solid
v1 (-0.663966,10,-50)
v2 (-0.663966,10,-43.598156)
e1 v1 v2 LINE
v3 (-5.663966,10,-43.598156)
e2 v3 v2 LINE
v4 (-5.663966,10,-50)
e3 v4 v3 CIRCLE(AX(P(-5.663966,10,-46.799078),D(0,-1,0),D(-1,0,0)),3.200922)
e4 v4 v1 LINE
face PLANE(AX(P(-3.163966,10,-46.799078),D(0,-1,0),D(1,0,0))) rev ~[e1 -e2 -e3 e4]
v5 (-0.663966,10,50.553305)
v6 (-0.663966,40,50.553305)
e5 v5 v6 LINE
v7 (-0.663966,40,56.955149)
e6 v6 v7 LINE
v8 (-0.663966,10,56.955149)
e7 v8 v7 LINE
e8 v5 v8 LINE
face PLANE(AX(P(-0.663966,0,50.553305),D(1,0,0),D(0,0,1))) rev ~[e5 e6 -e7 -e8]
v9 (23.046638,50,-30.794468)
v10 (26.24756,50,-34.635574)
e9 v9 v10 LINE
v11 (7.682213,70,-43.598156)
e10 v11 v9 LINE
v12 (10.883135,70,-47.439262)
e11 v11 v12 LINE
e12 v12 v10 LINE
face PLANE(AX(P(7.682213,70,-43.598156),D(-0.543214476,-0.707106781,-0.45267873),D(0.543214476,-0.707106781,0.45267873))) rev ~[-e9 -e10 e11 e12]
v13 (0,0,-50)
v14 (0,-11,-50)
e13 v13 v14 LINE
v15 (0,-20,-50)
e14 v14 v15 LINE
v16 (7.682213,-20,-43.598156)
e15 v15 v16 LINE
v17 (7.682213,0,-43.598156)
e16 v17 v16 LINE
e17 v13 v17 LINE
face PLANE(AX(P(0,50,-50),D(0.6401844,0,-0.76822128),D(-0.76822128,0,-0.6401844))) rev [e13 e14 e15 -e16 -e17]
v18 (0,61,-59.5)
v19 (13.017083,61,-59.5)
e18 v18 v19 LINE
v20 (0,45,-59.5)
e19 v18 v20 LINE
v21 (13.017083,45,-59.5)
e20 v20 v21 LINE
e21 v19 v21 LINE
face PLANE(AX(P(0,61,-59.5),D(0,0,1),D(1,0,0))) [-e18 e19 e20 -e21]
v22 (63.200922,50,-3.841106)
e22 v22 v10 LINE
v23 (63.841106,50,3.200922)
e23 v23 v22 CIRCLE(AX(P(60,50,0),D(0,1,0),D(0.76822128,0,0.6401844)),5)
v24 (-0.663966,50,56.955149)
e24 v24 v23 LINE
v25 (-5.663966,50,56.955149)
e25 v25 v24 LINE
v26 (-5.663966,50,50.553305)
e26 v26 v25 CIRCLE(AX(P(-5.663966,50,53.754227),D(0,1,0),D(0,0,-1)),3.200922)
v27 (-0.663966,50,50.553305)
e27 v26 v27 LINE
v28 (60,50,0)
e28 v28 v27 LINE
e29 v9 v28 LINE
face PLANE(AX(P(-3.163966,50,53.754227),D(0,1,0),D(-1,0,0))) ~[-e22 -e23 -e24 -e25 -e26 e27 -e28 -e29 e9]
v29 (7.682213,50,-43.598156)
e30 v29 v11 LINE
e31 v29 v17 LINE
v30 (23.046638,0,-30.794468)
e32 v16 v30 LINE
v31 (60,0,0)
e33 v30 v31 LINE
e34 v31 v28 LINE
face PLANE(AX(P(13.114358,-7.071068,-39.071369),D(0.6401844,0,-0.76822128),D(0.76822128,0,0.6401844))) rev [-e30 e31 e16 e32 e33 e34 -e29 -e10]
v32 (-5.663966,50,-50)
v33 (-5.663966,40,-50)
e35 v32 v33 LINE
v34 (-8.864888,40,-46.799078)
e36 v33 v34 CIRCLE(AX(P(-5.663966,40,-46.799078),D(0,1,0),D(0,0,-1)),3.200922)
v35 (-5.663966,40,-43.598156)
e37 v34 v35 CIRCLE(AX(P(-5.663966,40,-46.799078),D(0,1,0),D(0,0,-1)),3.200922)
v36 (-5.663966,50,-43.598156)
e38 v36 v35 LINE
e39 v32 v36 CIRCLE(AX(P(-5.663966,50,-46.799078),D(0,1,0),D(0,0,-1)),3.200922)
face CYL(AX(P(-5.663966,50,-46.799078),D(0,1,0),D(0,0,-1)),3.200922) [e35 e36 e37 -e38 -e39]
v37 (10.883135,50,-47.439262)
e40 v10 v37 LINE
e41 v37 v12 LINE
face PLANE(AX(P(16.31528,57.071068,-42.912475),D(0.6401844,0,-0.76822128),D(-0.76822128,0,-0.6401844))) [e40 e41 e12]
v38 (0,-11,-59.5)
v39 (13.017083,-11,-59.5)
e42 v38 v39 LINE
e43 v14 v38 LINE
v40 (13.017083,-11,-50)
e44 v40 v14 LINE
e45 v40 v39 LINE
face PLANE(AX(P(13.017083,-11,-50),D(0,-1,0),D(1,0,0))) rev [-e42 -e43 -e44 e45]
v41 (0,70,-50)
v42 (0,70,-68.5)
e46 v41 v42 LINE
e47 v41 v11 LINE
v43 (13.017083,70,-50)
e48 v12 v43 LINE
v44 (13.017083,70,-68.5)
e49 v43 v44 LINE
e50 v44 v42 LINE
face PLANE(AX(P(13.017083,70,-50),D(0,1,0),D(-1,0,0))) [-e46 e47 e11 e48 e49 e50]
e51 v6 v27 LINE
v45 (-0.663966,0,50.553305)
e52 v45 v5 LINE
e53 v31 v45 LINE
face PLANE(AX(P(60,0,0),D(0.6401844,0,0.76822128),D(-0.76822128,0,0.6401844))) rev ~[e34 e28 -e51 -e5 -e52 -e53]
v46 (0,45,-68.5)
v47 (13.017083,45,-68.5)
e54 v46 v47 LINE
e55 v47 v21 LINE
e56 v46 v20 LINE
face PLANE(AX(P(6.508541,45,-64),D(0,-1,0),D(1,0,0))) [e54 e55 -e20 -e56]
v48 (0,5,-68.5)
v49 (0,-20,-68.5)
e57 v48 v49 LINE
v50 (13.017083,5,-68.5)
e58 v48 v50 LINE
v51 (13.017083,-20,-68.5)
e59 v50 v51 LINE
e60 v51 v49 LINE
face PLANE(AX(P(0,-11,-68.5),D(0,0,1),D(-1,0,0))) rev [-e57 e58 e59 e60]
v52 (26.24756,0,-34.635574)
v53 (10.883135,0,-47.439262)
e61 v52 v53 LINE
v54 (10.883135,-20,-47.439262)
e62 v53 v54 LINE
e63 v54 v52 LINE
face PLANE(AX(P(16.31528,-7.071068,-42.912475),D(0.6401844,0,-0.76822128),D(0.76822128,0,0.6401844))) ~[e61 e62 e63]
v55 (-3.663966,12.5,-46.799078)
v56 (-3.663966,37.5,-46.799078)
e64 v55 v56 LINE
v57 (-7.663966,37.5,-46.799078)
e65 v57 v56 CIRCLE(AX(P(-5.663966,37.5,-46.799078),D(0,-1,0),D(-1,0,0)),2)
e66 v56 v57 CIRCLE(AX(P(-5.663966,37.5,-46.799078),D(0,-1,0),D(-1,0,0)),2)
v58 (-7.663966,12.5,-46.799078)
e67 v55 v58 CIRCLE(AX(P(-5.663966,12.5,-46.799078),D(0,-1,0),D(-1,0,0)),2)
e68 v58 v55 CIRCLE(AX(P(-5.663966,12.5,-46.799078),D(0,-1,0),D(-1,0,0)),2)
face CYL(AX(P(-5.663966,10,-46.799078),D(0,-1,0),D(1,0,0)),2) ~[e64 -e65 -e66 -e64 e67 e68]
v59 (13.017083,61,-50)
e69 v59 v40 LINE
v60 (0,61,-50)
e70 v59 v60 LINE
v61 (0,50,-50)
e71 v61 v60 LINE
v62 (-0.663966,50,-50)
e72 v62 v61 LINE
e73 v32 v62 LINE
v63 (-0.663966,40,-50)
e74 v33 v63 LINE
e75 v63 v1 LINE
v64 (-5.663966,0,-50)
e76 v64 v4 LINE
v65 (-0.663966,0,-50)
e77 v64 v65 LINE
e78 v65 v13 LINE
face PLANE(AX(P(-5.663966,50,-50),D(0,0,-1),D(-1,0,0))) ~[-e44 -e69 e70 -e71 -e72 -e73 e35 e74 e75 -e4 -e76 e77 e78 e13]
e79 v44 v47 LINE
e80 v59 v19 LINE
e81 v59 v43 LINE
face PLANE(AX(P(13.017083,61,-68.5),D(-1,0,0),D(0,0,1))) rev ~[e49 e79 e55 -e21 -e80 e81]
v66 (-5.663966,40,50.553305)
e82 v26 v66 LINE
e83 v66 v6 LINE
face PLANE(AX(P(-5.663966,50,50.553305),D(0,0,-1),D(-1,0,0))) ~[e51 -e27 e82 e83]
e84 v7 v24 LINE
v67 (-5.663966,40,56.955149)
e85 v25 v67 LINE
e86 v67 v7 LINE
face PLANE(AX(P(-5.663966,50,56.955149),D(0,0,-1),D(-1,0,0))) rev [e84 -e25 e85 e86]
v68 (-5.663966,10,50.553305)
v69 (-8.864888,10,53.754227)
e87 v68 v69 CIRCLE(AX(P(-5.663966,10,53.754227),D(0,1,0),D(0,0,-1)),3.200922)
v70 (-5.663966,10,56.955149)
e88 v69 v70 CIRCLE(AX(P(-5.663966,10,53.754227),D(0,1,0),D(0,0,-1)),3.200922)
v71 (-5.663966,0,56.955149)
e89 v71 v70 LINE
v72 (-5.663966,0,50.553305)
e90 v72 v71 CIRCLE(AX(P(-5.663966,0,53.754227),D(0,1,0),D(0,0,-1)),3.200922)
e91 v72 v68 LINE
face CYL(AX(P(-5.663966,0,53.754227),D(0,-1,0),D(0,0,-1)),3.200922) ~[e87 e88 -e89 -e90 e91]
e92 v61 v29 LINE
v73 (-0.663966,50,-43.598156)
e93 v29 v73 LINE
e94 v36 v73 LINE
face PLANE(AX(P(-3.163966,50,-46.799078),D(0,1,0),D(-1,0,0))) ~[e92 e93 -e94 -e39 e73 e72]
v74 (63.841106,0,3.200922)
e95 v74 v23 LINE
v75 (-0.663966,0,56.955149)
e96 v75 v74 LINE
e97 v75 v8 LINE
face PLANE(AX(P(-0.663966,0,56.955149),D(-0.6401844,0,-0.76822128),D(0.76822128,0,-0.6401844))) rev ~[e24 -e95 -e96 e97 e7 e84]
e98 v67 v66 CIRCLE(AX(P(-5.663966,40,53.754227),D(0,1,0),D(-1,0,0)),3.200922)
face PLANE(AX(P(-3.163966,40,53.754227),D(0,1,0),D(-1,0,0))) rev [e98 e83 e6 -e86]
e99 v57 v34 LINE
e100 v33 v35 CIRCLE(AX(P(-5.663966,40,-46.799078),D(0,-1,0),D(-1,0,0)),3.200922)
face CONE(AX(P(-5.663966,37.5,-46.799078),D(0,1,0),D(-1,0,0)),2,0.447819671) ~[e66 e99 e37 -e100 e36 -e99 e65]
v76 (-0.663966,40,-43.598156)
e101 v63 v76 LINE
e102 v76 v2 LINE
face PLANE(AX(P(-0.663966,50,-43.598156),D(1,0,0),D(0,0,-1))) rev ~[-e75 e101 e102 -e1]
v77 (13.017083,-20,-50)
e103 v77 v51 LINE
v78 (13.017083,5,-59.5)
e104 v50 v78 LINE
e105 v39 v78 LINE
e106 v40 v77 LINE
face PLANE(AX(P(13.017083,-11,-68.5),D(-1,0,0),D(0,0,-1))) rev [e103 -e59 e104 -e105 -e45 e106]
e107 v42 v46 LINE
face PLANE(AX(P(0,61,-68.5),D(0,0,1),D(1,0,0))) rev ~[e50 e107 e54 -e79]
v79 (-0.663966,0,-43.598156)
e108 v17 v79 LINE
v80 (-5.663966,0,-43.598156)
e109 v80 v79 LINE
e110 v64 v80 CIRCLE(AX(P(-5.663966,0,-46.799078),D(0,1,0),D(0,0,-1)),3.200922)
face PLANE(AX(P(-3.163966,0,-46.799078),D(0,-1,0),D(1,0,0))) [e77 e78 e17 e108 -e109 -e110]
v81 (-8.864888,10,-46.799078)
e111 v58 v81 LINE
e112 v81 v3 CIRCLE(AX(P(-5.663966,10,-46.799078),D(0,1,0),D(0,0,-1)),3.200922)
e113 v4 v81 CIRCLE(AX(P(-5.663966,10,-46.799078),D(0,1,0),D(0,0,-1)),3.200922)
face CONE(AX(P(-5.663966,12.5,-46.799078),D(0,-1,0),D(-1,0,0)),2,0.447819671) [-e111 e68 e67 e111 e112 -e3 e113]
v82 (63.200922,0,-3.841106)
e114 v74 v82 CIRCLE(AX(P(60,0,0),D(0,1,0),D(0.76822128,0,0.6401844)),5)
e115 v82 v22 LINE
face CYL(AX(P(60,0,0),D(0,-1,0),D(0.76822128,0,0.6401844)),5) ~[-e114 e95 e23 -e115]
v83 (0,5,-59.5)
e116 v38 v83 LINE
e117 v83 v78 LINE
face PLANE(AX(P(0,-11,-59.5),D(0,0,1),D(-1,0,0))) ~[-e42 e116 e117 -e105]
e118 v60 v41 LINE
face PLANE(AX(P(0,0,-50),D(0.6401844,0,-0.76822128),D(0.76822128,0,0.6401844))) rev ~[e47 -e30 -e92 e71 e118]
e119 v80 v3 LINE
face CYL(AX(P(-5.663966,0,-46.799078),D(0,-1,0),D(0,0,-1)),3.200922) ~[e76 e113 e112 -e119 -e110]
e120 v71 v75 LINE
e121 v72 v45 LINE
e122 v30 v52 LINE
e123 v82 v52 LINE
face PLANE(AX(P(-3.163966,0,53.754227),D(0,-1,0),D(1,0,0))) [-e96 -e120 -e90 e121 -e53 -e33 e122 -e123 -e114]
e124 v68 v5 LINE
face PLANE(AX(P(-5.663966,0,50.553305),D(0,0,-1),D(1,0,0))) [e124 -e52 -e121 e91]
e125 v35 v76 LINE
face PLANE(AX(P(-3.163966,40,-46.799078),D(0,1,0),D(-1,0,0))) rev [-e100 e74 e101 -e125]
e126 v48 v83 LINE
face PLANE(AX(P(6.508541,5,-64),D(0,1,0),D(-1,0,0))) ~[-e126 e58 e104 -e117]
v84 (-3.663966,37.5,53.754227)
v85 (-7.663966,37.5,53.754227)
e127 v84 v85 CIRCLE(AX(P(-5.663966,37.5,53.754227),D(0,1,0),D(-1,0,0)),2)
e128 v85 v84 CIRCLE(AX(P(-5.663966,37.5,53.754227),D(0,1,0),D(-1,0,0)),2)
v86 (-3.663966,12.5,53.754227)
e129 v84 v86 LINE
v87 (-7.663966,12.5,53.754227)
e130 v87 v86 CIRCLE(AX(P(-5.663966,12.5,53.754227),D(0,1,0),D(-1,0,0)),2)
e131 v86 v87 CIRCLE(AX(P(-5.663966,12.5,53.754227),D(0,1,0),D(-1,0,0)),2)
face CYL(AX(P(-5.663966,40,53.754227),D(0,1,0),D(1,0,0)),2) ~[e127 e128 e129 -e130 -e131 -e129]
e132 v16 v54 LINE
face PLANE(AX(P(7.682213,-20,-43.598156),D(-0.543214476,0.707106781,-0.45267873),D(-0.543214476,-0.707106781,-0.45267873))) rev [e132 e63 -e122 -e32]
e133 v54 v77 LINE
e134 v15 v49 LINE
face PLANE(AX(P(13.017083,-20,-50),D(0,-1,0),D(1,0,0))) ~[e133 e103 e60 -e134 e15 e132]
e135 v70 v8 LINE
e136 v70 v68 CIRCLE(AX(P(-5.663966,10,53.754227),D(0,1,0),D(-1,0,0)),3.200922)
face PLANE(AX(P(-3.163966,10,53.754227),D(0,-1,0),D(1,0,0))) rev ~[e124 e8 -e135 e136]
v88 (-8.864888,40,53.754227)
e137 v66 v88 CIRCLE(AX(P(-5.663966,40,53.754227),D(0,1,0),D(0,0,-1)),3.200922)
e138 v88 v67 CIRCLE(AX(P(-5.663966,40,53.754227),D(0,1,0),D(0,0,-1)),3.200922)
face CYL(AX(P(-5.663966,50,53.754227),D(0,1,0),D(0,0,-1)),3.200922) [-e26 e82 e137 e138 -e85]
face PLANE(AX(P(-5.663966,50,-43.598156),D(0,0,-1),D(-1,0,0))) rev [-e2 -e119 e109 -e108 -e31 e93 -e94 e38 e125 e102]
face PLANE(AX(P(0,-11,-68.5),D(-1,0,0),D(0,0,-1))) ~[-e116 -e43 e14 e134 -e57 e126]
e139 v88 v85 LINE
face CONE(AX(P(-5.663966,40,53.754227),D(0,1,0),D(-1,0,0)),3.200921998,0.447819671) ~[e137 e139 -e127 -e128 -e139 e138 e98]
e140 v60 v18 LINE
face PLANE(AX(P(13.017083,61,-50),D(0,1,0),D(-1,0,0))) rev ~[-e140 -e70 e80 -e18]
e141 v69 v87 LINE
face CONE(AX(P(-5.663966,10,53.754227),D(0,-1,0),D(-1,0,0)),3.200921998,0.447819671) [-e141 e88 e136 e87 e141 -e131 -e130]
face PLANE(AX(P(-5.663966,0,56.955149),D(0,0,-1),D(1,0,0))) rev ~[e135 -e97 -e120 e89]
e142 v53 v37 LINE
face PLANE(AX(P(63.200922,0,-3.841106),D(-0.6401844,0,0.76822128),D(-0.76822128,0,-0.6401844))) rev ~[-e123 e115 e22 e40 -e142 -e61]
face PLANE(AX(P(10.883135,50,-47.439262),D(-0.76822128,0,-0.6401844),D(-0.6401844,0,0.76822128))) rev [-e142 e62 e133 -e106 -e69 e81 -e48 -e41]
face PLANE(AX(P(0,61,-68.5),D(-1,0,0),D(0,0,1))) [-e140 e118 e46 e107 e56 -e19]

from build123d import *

# Parameters (mm, degrees)
EXTRUDE_1_DEPTH  = 50
EXTRUDE_START    = -50
EXTRUDE_3_DEPTH  = 70
SKETCH_5_W       = 13.017082793
SKETCH_5_H       = 9
EXTRUDE_4_DEPTH  = 18.5
SKETCH_6_W       = 13.017082793
SKETCH_6_H       = 9
EXTRUDE_5_DEPTH  = 16
EXTRUDE_6_DEPTH  = 50
SKETCH_9_W       = 5
SKETCH_9_H       = 6.401843996
EXTRUDE_7_DEPTH  = 10
SKETCH_10_W      = 5
SKETCH_10_H      = 6.401843997
EXTRUDE_8_DEPTH  = 10
SKETCH_11_R      = 2
EXTRUDE_9_DEPTH  = 30
SKETCH_15_R      = 2
EXTRUDE_10_DEPTH = 30
EXTRUDE_11_DEPTH = 5


with BuildPart() as part:
    # 草图1 → 凸台-拉伸1 (new body)
    with BuildSketch(Plane(origin=(0, 0, 0), x_dir=(1, 0, 0), z_dir=(0, 1, 0))):
        with BuildLine():
            Line((7.810249676, 50), (0, 50))
            Line((0, 50), (60, 0))
            Line((60, 0), (-0.663965605, -50.553304671))
            Line((-0.663965605, -50.553304671), (-0.663965605, -56.955148667))
            Line((-0.663965605, -56.955148667), (63.841106398, -3.200921998))
            ThreePointArc((63.841106398, -3.200921998), (64.979466032, 0.45267873), (63.200921998, 3.841106398))
            Line((63.200921998, 3.841106398), (7.810249676, 50))
        make_face()
    extrude(amount=EXTRUDE_1_DEPTH)

    # 草图4 → 凸台-拉伸3 (add)
    with BuildSketch(Plane(origin=(0, 50, 0), x_dir=(1, 0, 0), z_dir=(0, 1, 0)).offset(EXTRUDE_START)):
        Polygon((7.810249676, 50), (0, 50), (7.682212796, 43.598156003), (10.883134794, 47.439262401), align=None)
        Polygon((13.017082793, 50), (7.810249676, 50), (10.883134794, 47.439262401), align=None)
    extrude_3 = extrude(amount=EXTRUDE_3_DEPTH)

    # 草图5 → 凸台-拉伸4 (add)
    with BuildSketch(Plane(origin=(0, 0, -50), x_dir=(-1, 0, 0), z_dir=(0, 0, -1))):
        with Locations((-6.508541397, 65.5)):
            Rectangle(SKETCH_5_W, SKETCH_5_H)
    extrude_4 = extrude(amount=EXTRUDE_4_DEPTH)

    # 草图6 → 凸台-拉伸5 (add)
    with BuildSketch(Plane.XZ.offset(-61)):
        with Locations((6.508541397, -64)):
            Rectangle(SKETCH_6_W, SKETCH_6_H)
    extrude_5 = extrude(amount=EXTRUDE_5_DEPTH)

    # 镜向4: 凸台-拉伸3, 凸台-拉伸4, 凸台-拉伸5 across plane
    add(extrude_3.mirror(Plane(origin=(0, 25, 0), x_dir=(0, 0, 1), z_dir=(0, -1, 0))))
    add(extrude_4.mirror(Plane(origin=(0, 25, 0), x_dir=(0, 0, 1), z_dir=(0, -1, 0))))
    add(extrude_5.mirror(Plane(origin=(0, 25, 0), x_dir=(0, 0, 1), z_dir=(0, -1, 0))))

    # 草图8 → 凸台-拉伸6 (add)
    with BuildSketch(Plane(origin=(0, 50, 0), x_dir=(1, 0, 0), z_dir=(0, 1, 0))):
        Polygon((7.682212796, 43.598156003), (-0.663965605, 43.598156003), (-0.663965605, 50), (0, 50), align=None)
    extrude(amount=-EXTRUDE_6_DEPTH)

    # 草图9 → 凸台-拉伸7 (add)
    with BuildSketch(Plane.XZ):
        with Locations((-3.163965605, 53.754226669)):
            Rectangle(SKETCH_9_W, SKETCH_9_H)
        with BuildLine():
            Line((-5.663965605, 56.955148667), (-5.663965605, 50.553304671))
            ThreePointArc((-5.663965605, 50.553304671), (-8.864887603, 53.754226669), (-5.663965605, 56.955148667))
        make_face()
    extrude_7 = extrude(amount=-EXTRUDE_7_DEPTH)

    # 草图10 → 凸台-拉伸8 (add)
    with BuildSketch(Plane.XZ):
        with Locations((-3.163965605, -46.799078001)):
            Rectangle(SKETCH_10_W, SKETCH_10_H)
        with BuildLine():
            Line((-5.663965605, -43.598156003), (-5.663965605, -50))
            ThreePointArc((-5.663965605, -50), (-8.864887603, -46.799078002), (-5.663965605, -43.598156003))
        make_face()
    extrude_8 = extrude(amount=-EXTRUDE_8_DEPTH)

    # 镜向5: 凸台-拉伸7, 凸台-拉伸8 across plane
    add(extrude_7.mirror(Plane(origin=(0, 25, 0), x_dir=(0, 0, 1), z_dir=(0, -1, 0))))
    add(extrude_8.mirror(Plane(origin=(0, 25, 0), x_dir=(0, 0, 1), z_dir=(0, -1, 0))))

    # 草图11 → 凸台-拉伸9 (add)
    with BuildSketch(Plane.XZ.offset(-40)):
        with Locations((-5.663965605, 53.754226669)):
            Circle(SKETCH_11_R)
    extrude(amount=EXTRUDE_9_DEPTH)

    # 草图14 → 旋转1 (revolve)
    with BuildSketch(Plane(origin=(0, 0, 53.754226669), x_dir=(-1, 0, 0), z_dir=(0, 0, -1))):
        Polygon((7.663965605, 12.5), (7.663965605, 10), (8.864887603, 10), align=None)
        Polygon((7.663965605, 12.5), (8.864887603, 10), (7.663965605, 10), align=None)
    revolve_1 = revolve(axis=Axis((-5.663965605, 10, 53.754226669), (0, 1, 0)))

    # 镜向6: 旋转1 across plane
    add(revolve_1.mirror(Plane(origin=(0, 25, 0), x_dir=(0, 0, 1), z_dir=(0, -1, 0))))

    # 草图15 → 凸台-拉伸10 (add)
    with BuildSketch(Plane(origin=(0, 10, 0), x_dir=(1, 0, 0), z_dir=(0, 1, 0))):
        with Locations((-5.663965605, 46.799078002)):
            Circle(SKETCH_15_R)
    extrude(amount=EXTRUDE_10_DEPTH)

    # 草图17 → 旋转2 (revolve)
    with BuildSketch(Plane.XY.offset(-46.799078002)):
        Polygon((-7.663965605, 10), (-7.663965605, 12.5), (-8.864887603, 10), align=None)
    revolve_2 = revolve(axis=Axis((-5.663965605, 40, -46.799078002), (0, -1, 0)))

    # 镜向7: 旋转2 across plane
    add(revolve_2.mirror(Plane(origin=(0, 25, 0), x_dir=(0, 0, 1), z_dir=(0, -1, 0))))

    # 草图18 → 凸台-拉伸11 (add)
    with BuildSketch(Plane(origin=(24.590163934, 0, -29.508196721), x_dir=(0.76822128, 0, 0.6401844), z_dir=(-0.6401844, 0, 0.76822128))):
        Polygon((-22.009219983, 50), (-22.009219983, 70), (-2.009219983, 50), align=None)
    extrude_11 = extrude(amount=-EXTRUDE_11_DEPTH)

    # 镜向8: 凸台-拉伸11 across plane
    add(extrude_11.mirror(Plane(origin=(0, 25, 0), x_dir=(0, 0, 1), z_dir=(0, -1, 0))))


solid = part.part
